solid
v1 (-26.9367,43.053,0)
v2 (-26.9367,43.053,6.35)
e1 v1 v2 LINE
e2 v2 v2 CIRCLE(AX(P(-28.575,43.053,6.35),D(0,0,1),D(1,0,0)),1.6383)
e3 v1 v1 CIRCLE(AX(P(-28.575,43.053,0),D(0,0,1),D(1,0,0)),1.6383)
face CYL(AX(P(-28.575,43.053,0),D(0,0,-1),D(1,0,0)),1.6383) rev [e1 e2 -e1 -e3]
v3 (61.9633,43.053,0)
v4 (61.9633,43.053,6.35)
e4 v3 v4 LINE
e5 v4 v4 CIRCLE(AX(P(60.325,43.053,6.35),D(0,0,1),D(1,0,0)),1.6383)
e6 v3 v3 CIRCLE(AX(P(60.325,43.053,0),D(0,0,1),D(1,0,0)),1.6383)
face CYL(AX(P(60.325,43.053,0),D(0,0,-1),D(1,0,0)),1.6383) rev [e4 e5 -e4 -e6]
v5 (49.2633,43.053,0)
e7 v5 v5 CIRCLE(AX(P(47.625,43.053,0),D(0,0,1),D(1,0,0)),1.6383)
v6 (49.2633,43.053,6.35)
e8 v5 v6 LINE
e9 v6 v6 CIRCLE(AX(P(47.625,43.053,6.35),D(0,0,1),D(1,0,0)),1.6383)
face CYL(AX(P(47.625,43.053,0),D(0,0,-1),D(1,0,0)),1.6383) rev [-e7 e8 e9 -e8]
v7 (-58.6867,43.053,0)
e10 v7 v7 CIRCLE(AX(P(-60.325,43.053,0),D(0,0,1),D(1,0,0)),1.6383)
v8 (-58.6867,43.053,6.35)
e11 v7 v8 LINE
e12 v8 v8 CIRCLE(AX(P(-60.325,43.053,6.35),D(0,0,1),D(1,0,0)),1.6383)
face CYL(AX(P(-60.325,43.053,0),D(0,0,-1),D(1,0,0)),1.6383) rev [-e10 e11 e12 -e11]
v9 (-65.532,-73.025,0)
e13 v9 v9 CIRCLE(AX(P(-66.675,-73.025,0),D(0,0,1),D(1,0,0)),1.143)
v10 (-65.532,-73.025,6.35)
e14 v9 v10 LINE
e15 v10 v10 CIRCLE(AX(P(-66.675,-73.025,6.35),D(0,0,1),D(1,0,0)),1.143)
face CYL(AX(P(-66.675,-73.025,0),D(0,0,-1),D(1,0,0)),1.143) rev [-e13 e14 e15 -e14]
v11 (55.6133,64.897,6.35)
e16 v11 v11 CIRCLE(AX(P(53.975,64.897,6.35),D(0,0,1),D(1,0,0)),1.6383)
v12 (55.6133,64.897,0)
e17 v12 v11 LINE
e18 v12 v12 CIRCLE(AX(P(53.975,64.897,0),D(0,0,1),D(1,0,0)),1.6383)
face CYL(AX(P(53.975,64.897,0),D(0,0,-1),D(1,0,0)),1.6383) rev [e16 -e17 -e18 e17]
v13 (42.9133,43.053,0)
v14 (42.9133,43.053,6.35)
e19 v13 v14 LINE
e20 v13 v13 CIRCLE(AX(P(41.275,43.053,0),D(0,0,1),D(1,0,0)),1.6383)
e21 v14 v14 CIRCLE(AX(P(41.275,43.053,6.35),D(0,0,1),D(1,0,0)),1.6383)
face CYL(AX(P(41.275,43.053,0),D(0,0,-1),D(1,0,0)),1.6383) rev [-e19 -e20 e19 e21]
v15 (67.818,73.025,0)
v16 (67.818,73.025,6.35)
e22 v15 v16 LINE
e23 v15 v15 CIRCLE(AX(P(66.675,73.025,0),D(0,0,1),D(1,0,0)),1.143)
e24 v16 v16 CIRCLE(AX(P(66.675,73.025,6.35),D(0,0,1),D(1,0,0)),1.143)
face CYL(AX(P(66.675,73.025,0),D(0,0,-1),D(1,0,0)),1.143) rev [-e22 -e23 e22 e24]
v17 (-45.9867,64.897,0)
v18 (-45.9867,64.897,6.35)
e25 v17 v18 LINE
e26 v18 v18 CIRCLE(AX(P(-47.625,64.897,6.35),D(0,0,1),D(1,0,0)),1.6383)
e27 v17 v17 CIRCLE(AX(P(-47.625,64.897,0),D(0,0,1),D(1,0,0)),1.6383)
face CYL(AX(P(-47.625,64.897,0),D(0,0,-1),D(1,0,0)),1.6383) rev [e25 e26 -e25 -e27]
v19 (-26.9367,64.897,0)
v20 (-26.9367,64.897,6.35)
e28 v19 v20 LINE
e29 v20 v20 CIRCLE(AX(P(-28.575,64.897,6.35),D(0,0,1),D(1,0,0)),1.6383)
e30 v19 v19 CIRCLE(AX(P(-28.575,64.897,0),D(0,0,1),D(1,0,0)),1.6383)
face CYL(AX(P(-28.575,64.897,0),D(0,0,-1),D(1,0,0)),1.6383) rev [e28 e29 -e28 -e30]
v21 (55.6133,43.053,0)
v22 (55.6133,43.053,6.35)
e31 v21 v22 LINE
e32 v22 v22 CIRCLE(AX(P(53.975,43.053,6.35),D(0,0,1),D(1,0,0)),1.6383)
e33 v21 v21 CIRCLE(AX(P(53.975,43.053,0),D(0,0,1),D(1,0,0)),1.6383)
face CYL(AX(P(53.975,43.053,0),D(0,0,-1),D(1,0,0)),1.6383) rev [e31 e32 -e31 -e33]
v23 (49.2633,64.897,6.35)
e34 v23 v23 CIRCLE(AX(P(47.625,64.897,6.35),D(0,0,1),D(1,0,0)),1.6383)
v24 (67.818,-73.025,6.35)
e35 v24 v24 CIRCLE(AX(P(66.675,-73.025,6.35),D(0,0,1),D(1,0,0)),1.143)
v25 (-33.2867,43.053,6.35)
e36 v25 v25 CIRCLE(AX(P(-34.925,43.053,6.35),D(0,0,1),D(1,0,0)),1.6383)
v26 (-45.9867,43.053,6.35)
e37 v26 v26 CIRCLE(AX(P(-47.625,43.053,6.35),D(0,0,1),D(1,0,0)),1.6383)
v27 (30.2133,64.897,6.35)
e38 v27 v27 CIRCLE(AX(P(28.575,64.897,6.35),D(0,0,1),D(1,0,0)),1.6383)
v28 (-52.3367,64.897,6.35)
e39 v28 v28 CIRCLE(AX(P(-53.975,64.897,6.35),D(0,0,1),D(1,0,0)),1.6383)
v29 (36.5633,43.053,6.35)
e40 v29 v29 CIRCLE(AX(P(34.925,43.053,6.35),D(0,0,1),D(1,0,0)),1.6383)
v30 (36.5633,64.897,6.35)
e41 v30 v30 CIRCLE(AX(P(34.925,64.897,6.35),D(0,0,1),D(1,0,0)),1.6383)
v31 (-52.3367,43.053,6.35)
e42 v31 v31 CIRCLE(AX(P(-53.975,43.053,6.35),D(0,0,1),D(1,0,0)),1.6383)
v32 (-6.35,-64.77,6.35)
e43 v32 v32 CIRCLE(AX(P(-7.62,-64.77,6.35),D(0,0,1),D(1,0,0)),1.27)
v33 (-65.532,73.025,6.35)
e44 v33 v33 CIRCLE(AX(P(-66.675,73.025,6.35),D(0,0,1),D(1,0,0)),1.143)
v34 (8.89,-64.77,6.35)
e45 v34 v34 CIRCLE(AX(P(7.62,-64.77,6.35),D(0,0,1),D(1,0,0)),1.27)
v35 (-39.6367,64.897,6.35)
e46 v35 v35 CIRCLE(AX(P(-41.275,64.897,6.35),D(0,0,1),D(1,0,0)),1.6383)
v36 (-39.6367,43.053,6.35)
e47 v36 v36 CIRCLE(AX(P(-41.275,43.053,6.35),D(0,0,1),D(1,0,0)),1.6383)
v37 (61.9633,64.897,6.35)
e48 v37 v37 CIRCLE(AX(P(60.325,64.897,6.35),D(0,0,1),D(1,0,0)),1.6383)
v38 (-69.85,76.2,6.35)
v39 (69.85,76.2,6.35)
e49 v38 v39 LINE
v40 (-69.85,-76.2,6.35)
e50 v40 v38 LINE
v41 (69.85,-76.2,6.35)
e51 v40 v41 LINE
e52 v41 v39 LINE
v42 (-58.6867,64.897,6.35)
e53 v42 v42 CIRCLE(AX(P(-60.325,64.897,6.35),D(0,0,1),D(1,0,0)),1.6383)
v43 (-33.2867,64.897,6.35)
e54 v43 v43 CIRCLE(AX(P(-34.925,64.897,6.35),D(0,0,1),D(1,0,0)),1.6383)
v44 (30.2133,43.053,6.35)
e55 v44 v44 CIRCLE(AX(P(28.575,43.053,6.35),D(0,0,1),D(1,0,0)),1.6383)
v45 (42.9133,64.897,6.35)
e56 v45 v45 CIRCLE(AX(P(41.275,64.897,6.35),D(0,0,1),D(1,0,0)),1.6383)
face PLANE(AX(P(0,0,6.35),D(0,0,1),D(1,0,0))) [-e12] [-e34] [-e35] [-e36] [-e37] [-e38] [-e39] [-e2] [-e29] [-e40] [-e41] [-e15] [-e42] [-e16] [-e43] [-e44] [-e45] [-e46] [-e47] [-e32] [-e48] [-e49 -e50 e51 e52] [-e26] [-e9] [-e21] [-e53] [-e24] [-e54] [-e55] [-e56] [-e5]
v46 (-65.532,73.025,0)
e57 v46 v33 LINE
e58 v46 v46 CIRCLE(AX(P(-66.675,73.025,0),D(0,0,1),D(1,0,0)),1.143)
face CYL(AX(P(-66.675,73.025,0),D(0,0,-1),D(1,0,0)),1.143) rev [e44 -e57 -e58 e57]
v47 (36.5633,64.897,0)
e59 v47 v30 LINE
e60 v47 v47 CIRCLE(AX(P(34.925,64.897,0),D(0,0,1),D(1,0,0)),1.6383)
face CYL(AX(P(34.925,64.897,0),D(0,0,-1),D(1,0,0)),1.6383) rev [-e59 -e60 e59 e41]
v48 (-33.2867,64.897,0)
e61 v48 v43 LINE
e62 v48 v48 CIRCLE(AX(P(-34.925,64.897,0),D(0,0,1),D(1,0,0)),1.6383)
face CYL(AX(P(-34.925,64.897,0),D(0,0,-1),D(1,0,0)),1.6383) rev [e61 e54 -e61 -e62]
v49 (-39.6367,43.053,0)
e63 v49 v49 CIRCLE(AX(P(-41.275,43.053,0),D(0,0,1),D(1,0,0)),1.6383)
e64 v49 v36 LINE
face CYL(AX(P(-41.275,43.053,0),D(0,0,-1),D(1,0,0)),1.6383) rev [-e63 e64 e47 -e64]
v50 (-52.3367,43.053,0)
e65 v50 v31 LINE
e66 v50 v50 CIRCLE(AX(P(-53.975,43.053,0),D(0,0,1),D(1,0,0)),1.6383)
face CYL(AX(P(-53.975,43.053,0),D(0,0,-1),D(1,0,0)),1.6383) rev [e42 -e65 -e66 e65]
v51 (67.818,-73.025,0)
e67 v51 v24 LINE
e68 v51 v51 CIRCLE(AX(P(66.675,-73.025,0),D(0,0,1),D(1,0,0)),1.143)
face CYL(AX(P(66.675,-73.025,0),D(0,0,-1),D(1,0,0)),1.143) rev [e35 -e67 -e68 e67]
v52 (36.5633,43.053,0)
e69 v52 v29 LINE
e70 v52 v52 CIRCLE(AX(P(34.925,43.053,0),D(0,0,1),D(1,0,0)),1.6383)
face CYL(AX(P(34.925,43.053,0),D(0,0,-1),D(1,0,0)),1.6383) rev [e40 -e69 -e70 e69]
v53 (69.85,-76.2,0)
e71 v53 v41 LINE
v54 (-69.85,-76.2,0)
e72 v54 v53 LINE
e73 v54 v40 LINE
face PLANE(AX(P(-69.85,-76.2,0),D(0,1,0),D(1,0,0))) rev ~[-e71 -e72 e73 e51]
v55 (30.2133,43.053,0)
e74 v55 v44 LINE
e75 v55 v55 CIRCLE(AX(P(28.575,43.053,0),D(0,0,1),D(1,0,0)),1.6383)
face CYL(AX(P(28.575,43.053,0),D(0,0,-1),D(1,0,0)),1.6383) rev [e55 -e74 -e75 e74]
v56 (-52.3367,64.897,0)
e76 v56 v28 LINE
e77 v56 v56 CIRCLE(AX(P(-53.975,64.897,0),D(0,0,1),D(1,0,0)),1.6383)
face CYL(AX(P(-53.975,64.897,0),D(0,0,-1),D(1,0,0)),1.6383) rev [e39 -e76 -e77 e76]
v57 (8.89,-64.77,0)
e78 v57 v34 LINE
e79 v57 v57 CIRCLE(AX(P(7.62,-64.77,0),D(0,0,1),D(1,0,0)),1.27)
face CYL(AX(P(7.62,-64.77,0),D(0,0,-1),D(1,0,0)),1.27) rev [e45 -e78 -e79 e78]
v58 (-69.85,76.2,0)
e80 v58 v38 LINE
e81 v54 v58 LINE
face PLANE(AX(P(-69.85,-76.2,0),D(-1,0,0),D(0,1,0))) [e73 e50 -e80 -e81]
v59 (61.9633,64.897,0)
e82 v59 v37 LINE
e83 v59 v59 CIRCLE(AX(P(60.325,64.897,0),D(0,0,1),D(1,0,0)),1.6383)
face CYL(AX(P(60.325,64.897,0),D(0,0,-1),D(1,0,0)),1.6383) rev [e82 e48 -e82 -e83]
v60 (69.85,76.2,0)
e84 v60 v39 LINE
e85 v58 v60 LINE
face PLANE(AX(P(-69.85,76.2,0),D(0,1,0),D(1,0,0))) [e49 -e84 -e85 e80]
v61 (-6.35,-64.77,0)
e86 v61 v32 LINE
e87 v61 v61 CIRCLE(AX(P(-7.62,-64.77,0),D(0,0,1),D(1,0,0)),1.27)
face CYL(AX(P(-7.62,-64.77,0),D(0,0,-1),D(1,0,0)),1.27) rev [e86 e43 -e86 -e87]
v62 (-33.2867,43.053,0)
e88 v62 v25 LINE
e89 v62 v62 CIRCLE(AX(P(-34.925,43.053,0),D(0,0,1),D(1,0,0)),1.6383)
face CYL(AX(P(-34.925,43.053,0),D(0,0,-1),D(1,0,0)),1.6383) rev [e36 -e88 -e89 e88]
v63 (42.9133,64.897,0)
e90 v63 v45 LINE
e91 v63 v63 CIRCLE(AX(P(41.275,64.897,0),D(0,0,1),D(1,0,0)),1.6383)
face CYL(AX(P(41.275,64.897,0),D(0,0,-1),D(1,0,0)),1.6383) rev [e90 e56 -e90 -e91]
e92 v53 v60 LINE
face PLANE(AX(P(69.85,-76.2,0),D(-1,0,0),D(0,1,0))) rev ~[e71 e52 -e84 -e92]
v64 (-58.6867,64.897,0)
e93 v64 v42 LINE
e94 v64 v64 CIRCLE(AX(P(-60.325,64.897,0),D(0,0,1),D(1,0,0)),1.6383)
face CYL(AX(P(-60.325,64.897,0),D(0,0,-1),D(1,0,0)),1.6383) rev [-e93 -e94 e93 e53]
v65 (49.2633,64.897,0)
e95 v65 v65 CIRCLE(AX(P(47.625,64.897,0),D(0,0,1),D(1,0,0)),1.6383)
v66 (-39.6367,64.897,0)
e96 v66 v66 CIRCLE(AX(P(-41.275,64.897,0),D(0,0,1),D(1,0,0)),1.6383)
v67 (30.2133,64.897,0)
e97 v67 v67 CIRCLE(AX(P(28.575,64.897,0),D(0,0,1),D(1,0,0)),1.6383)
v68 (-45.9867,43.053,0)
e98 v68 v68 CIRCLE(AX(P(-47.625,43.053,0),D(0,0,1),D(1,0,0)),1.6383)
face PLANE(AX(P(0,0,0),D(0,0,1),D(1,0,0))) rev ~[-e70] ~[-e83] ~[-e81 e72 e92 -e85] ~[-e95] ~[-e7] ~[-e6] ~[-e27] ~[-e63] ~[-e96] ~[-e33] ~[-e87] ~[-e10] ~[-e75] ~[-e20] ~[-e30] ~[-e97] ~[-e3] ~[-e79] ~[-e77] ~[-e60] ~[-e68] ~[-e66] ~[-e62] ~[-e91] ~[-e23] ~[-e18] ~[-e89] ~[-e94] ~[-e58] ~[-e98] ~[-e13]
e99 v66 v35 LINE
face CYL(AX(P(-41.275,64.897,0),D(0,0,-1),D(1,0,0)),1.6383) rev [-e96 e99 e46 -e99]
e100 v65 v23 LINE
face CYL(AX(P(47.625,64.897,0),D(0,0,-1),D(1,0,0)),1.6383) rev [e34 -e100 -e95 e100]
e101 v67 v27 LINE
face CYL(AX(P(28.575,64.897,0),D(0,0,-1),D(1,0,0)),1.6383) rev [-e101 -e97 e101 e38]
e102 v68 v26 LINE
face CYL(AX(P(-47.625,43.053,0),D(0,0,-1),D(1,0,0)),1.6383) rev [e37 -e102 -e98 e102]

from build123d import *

# Parameters (mm, degrees)
F0_W     = 139.7
F0_H     = 152.4
F0_R     = 1.143
F0_R_2   = 1.27
F0_R_3   = 1.6383
F1_DEPTH = 6.35


with BuildPart() as f1:
    # F0 (on Top) → F1 (new body)
    with BuildSketch(Plane.XY):
        Rectangle(F0_W, F0_H)
        with Locations((-66.675, -73.025)):
            Circle(F0_R, mode=Mode.SUBTRACT)
        with Locations((-7.62, -64.77)):
            Circle(F0_R_2, mode=Mode.SUBTRACT)
        with Locations((7.62, -64.77)):
            Circle(F0_R_2, mode=Mode.SUBTRACT)
        with Locations((66.675, -73.025)):
            Circle(F0_R, mode=Mode.SUBTRACT)
        with Locations((-60.325, 43.053)):
            Circle(F0_R_3, mode=Mode.SUBTRACT)
        with Locations((-53.975, 43.053)):
            Circle(F0_R_3, mode=Mode.SUBTRACT)
        with Locations((-63.5, 53.975)):
            Circle(F0_R_3, mode=Mode.SUBTRACT)
        with Locations((-57.15, 53.975)):
            Circle(F0_R_3, mode=Mode.SUBTRACT)
        with Locations((-47.625, 43.053)):
            Circle(F0_R_3, mode=Mode.SUBTRACT)
        with Locations((-41.275, 43.053)):
            Circle(F0_R_3, mode=Mode.SUBTRACT)
        with Locations((-50.8, 53.975)):
            Circle(F0_R_3, mode=Mode.SUBTRACT)
        with Locations((-44.45, 53.975)):
            Circle(F0_R_3, mode=Mode.SUBTRACT)
        with Locations((-38.1, 53.975)):
            Circle(F0_R_3, mode=Mode.SUBTRACT)
        with Locations((-60.325, 64.897)):
            Circle(F0_R_3, mode=Mode.SUBTRACT)
        with Locations((-53.975, 64.897)):
            Circle(F0_R_3, mode=Mode.SUBTRACT)
        with Locations((-66.675, 73.025)):
            Circle(F0_R, mode=Mode.SUBTRACT)
        with Locations((-47.625, 64.897)):
            Circle(F0_R_3, mode=Mode.SUBTRACT)
        with Locations((-41.275, 64.897)):
            Circle(F0_R_3, mode=Mode.SUBTRACT)
        with Locations((-34.925, 43.053)):
            Circle(F0_R_3, mode=Mode.SUBTRACT)
        with Locations((-28.575, 43.053)):
            Circle(F0_R_3, mode=Mode.SUBTRACT)
        with Locations((-31.75, 53.975)):
            Circle(F0_R_3, mode=Mode.SUBTRACT)
        with Locations((-25.4, 53.975)):
            Circle(F0_R_3, mode=Mode.SUBTRACT)
        with Locations((-34.925, 64.897)):
            Circle(F0_R_3, mode=Mode.SUBTRACT)
        with Locations((-28.575, 64.897)):
            Circle(F0_R_3, mode=Mode.SUBTRACT)
        with Locations((28.575, 43.053)):
            Circle(F0_R_3, mode=Mode.SUBTRACT)
        with Locations((25.4, 53.975)):
            Circle(F0_R_3, mode=Mode.SUBTRACT)
        with Locations((31.75, 53.975)):
            Circle(F0_R_3, mode=Mode.SUBTRACT)
        with Locations((28.575, 64.897)):
            Circle(F0_R_3, mode=Mode.SUBTRACT)
        with Locations((34.925, 43.053)):
            Circle(F0_R_3, mode=Mode.SUBTRACT)
        with Locations((41.275, 43.053)):
            Circle(F0_R_3, mode=Mode.SUBTRACT)
        with Locations((47.625, 43.053)):
            Circle(F0_R_3, mode=Mode.SUBTRACT)
        with Locations((38.1, 53.975)):
            Circle(F0_R_3, mode=Mode.SUBTRACT)
        with Locations((44.45, 53.975)):
            Circle(F0_R_3, mode=Mode.SUBTRACT)
        with Locations((50.8, 53.975)):
            Circle(F0_R_3, mode=Mode.SUBTRACT)
        with Locations((53.975, 43.053)):
            Circle(F0_R_3, mode=Mode.SUBTRACT)
        with Locations((60.325, 43.053)):
            Circle(F0_R_3, mode=Mode.SUBTRACT)
        with Locations((57.15, 53.975)):
            Circle(F0_R_3, mode=Mode.SUBTRACT)
        with Locations((63.5, 53.975)):
            Circle(F0_R_3, mode=Mode.SUBTRACT)
        with Locations((34.925, 64.897)):
            Circle(F0_R_3, mode=Mode.SUBTRACT)
        with Locations((41.275, 64.897)):
            Circle(F0_R_3, mode=Mode.SUBTRACT)
        with Locations((47.625, 64.897)):
            Circle(F0_R_3, mode=Mode.SUBTRACT)
        with Locations((53.975, 64.897)):
            Circle(F0_R_3, mode=Mode.SUBTRACT)
        with Locations((60.325, 64.897)):
            Circle(F0_R_3, mode=Mode.SUBTRACT)
        with Locations((66.675, 73.025)):
            Circle(F0_R, mode=Mode.SUBTRACT)
        with Locations((-63.5, 53.975)):
            Circle(F0_R_3)
        with Locations((-57.15, 53.975)):
            Circle(F0_R_3)
        with Locations((-50.8, 53.975)):
            Circle(F0_R_3)
        with Locations((-44.45, 53.975)):
            Circle(F0_R_3)
        with Locations((-38.1, 53.975)):
            Circle(F0_R_3)
        with Locations((-31.75, 53.975)):
            Circle(F0_R_3)
        with Locations((-25.4, 53.975)):
            Circle(F0_R_3)
        with Locations((63.5, 53.975)):
            Circle(F0_R_3)
        with Locations((57.15, 53.975)):
            Circle(F0_R_3)
        with Locations((50.8, 53.975)):
            Circle(F0_R_3)
        with Locations((44.45, 53.975)):
            Circle(F0_R_3)
        with Locations((38.1, 53.975)):
            Circle(F0_R_3)
        with Locations((31.75, 53.975)):
            Circle(F0_R_3)
        with Locations((25.4, 53.975)):
            Circle(F0_R_3)
    extrude(amount=F1_DEPTH)


solid = f1.part
